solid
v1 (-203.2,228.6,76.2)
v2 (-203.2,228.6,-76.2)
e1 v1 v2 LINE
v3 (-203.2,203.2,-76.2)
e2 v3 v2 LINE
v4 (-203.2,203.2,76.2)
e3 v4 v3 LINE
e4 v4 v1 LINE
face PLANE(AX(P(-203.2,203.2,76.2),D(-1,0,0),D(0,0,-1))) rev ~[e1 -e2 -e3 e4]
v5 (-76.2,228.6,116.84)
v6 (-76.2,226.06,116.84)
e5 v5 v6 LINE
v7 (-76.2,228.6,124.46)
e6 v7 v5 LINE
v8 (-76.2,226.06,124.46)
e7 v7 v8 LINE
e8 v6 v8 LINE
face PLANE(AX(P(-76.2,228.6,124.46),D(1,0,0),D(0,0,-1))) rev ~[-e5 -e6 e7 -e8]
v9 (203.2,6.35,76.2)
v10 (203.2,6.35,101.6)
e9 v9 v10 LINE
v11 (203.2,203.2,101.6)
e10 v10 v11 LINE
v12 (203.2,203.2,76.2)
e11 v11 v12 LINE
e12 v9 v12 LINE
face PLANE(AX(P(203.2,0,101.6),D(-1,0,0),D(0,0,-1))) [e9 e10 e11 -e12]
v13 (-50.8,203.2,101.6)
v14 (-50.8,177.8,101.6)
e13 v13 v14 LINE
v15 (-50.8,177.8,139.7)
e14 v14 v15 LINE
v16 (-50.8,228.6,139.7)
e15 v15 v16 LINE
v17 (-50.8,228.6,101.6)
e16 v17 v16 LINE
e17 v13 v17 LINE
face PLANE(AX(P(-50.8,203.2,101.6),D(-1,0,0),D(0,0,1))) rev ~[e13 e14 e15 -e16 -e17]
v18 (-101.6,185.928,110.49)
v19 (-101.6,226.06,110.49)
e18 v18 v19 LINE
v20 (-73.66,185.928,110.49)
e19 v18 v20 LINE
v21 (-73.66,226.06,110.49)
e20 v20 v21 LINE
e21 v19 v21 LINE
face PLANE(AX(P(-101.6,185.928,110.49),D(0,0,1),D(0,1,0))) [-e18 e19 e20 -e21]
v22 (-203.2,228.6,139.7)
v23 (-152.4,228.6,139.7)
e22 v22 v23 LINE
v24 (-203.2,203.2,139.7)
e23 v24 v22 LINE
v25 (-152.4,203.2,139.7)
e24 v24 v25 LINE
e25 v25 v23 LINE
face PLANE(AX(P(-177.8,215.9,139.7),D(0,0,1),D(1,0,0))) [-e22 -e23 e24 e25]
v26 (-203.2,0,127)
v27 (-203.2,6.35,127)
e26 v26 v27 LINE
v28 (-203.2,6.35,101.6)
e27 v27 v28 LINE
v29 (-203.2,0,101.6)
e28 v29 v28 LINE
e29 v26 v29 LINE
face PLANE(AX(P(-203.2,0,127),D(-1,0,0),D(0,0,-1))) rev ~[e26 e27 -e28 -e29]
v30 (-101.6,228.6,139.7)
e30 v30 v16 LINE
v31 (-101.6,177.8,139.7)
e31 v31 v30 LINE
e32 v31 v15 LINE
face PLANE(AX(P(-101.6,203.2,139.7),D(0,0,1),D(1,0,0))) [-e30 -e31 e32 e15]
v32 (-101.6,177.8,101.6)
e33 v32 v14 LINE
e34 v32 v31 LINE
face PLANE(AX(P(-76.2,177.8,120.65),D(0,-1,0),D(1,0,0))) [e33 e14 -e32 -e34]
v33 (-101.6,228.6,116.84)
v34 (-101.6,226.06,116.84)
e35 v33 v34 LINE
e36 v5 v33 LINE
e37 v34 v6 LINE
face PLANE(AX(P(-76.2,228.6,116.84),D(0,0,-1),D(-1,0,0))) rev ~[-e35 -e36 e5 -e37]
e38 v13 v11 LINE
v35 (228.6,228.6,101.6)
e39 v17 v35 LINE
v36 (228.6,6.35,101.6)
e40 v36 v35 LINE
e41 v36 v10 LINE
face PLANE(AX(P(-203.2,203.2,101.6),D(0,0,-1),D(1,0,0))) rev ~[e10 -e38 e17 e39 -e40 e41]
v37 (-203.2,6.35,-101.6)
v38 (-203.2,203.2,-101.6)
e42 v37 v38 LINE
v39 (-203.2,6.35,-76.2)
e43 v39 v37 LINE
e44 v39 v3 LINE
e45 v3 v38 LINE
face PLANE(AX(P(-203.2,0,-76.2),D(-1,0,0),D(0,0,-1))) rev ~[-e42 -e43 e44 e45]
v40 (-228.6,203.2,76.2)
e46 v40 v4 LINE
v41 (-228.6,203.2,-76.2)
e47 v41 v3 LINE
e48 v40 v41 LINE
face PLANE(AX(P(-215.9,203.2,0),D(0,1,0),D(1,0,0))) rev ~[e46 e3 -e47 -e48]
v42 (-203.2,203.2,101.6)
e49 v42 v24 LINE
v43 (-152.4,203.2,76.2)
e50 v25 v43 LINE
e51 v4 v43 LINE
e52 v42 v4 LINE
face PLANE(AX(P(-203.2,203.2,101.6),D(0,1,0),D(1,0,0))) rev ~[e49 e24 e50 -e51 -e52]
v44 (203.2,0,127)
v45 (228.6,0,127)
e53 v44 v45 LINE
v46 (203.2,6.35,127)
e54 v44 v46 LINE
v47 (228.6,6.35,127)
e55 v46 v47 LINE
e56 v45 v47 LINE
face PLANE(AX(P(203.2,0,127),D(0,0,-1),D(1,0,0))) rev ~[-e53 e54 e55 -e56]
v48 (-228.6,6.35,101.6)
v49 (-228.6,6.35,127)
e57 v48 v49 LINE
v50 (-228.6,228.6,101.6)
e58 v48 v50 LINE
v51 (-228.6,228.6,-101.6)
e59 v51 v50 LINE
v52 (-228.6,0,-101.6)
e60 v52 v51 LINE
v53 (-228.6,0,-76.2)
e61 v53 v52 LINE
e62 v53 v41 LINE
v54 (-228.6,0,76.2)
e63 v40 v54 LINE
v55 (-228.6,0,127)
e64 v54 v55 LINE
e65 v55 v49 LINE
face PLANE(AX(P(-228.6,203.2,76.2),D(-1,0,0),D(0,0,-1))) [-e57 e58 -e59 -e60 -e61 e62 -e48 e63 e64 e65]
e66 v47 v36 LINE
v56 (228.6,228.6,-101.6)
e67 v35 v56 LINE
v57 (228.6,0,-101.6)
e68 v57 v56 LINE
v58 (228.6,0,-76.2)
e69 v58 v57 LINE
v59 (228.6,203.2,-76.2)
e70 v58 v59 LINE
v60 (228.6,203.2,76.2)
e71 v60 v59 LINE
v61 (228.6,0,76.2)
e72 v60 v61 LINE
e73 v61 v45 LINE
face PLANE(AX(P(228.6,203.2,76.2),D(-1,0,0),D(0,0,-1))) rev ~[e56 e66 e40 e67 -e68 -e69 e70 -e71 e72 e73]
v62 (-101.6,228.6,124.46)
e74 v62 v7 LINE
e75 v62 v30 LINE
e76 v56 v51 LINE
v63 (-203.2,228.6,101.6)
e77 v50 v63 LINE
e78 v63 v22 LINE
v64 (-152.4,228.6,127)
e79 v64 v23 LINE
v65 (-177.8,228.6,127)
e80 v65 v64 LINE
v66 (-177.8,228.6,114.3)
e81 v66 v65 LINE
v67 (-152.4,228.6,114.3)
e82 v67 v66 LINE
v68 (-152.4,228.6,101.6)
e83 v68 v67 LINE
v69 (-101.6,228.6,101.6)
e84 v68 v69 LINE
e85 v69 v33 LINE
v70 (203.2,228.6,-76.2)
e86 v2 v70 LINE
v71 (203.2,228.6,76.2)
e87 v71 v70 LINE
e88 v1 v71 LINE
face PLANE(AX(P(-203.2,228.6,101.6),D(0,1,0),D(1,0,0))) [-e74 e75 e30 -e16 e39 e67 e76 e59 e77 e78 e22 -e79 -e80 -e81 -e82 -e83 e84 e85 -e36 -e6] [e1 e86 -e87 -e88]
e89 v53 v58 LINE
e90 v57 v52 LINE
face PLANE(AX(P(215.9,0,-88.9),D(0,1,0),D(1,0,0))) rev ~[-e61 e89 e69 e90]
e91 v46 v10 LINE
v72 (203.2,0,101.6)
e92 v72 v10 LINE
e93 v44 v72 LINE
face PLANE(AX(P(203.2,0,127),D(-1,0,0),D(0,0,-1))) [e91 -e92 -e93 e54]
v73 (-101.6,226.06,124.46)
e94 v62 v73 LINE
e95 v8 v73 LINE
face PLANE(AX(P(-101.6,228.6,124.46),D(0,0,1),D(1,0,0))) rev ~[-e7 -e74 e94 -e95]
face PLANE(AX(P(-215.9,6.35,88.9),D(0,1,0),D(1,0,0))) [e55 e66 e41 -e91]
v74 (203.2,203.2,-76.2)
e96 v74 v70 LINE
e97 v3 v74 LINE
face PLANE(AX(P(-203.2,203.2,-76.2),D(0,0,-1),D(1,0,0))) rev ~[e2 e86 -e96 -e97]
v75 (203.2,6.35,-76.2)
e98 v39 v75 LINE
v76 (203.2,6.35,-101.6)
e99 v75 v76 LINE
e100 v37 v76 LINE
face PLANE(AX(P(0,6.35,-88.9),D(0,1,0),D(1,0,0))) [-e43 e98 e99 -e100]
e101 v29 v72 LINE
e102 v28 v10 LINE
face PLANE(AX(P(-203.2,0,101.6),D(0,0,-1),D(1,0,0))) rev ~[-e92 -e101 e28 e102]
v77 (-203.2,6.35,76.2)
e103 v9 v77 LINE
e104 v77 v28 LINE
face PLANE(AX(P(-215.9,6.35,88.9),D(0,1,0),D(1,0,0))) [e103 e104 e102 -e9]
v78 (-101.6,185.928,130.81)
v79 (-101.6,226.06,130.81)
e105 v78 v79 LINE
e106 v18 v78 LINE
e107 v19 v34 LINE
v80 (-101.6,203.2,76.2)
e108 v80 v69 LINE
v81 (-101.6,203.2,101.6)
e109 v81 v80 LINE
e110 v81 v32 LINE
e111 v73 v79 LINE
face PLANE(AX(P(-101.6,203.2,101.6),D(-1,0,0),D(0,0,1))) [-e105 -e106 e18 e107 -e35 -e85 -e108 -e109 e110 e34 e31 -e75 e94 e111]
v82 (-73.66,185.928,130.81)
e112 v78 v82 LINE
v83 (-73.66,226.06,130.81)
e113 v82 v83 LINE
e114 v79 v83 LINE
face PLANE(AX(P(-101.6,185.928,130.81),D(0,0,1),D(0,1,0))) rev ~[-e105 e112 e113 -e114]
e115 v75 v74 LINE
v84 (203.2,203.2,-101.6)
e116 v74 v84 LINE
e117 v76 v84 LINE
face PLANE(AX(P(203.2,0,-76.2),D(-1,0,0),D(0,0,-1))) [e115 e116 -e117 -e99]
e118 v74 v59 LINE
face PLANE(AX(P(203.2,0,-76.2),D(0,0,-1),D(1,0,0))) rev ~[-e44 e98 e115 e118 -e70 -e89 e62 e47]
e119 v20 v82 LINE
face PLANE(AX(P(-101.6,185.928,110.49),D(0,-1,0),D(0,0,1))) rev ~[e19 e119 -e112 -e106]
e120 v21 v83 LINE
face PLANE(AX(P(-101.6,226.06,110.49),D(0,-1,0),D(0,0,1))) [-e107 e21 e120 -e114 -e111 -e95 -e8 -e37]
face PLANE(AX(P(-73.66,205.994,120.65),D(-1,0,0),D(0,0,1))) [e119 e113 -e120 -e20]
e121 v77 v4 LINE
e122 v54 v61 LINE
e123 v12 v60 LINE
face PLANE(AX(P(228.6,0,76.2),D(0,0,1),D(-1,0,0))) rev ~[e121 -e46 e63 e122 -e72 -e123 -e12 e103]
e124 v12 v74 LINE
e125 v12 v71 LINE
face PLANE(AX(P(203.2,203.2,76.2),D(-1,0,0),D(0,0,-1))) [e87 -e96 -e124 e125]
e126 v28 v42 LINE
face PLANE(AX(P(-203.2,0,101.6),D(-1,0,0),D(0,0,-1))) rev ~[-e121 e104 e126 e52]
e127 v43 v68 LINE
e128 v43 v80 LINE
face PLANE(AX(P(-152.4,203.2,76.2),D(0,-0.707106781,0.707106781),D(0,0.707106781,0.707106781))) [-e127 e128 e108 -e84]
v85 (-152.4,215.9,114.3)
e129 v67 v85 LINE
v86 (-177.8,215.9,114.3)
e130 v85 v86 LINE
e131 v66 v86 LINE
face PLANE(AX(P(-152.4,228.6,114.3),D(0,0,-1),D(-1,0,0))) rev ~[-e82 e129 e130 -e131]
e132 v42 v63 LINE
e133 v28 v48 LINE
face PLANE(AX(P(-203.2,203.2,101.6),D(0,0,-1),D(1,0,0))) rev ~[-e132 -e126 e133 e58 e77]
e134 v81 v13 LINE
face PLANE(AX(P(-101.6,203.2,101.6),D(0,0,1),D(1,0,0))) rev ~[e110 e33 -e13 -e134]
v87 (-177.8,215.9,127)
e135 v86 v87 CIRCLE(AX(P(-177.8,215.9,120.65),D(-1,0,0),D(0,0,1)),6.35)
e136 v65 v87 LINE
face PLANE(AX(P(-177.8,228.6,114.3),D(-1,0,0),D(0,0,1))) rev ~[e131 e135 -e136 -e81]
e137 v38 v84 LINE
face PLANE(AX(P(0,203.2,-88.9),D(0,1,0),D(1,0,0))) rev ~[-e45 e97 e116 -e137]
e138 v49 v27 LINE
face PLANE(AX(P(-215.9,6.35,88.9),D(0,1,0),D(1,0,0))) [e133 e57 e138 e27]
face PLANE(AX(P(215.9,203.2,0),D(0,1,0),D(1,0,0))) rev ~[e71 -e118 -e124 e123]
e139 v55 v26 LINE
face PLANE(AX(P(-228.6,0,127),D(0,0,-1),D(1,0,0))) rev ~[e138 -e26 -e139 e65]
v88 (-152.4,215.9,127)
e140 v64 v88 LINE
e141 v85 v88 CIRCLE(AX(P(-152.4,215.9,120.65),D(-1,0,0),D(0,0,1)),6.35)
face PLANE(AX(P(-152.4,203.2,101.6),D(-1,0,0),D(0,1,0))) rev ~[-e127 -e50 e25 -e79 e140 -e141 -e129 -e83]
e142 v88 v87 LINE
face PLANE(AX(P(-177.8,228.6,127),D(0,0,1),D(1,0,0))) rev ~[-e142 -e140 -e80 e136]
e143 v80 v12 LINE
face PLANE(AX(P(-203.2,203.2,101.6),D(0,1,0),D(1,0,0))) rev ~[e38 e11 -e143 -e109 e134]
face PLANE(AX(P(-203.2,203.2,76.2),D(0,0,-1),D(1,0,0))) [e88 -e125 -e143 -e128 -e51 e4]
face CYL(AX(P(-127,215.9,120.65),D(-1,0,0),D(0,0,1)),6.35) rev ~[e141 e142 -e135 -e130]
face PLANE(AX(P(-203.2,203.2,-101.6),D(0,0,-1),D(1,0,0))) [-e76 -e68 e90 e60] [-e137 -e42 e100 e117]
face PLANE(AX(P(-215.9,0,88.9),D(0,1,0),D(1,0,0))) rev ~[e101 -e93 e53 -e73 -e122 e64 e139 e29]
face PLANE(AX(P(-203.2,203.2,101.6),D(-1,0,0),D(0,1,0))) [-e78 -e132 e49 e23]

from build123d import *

# Parameters (mm, degrees)
SKETCH1_W                      = 25.4
SKETCH1_H                      = 25.4
SKETCH1_W_2                    = 406.4
BOSS_EXTRUDE1_DEPTH            = 6.35
SKETCH1_4_W                    = 25.4
SKETCH1_4_H                    = 25.4
BOSS_EXTRUDE2_DEPTH            = 228.6
BOSS_EXTRUDE3_START            = 203.2
SKETCH1_5_W                    = 406.4
SKETCH1_5_H                    = 25.4
SKETCH1_5_W_2                  = 25.4
SKETCH1_5_H_2                  = 152.4
BOSS_EXTRUDE3_DEPTH            = 25.4
SKETCH2_W                      = 50.8
SKETCH2_H                      = 25.4
BOSS_EXTRUDE4_DEPTH            = 38.1
F_1_2_0_5_DIAMETER_HOLE1_D     = 12.7
F_1_2_0_5_DIAMETER_HOLE1_DEPTH = 25.4
SKETCH5_W                      = 50.8
SKETCH5_H                      = 38.1
BOSS_EXTRUDE5_DEPTH            = 25.4
SKETCH6_W                      = 20.32
SKETCH6_H                      = 40.132
CUT_EXTRUDE1_DEPTH             = 27.94
CUT_EXTRUDE2_DEPTH             = 12.7
CUT_EXTRUDE3_DEPTH             = 12.7
CUT_EXTRUDE4_START             = -76.2
CUT_EXTRUDE4_DEPTH             = 50.8


with BuildPart() as part:
    # Sketch1 → Boss-Extrude1 (new body)
    with BuildSketch(Plane(origin=(0, 0, 0), x_dir=(1, 0, 0), z_dir=(0, 1, 0))):
        with Locations((-215.9, -88.9)):
            Rectangle(SKETCH1_W, SKETCH1_H)
        with Locations((-215.9, -114.3)):
            Rectangle(SKETCH1_W, SKETCH1_H)
        with Locations((0, -88.9)):
            Rectangle(SKETCH1_W_2, SKETCH1_H)
        with Locations((215.9, -88.9)):
            Rectangle(SKETCH1_W, SKETCH1_H)
        with Locations((215.9, -114.3)):
            Rectangle(SKETCH1_W, SKETCH1_H)
        with Locations((0, 88.9)):
            Rectangle(SKETCH1_W_2, SKETCH1_H)
    extrude(amount=BOSS_EXTRUDE1_DEPTH)

    # Sketch1<4> → Boss-Extrude2 (add)
    with BuildSketch(Plane(origin=(0, 0, 0), x_dir=(1, 0, 0), z_dir=(0, 1, 0))):
        with Locations((-215.9, -88.9)):
            Rectangle(SKETCH1_4_W, SKETCH1_4_H)
        with Locations((215.9, -88.9)):
            Rectangle(SKETCH1_4_W, SKETCH1_4_H)
        with Locations((215.9, 88.9)):
            Rectangle(SKETCH1_4_W, SKETCH1_4_H)
        with Locations((-215.9, 88.9)):
            Rectangle(SKETCH1_4_W, SKETCH1_4_H)
    extrude(amount=BOSS_EXTRUDE2_DEPTH)

    # Sketch1<5> → Boss-Extrude3 (add)
    with BuildSketch(Plane(origin=(0, 0, 0), x_dir=(1, 0, 0), z_dir=(0, 1, 0)).offset(BOSS_EXTRUDE3_START)):
        with Locations((0, 88.9)):
            Rectangle(SKETCH1_5_W, SKETCH1_5_H)
        with Locations((0, -88.9)):
            Rectangle(SKETCH1_5_W, SKETCH1_5_H)
        with Locations((-215.9, 0)):
            Rectangle(SKETCH1_5_W_2, SKETCH1_5_H_2)
        with Locations((215.9, 0)):
            Rectangle(SKETCH1_5_W_2, SKETCH1_5_H_2)
    extrude(amount=BOSS_EXTRUDE3_DEPTH)

    # Sketch2 → Boss-Extrude4 (add)
    with BuildSketch(Plane.XY.offset(101.6)):
        with Locations((-177.8, 215.9)):
            Rectangle(SKETCH2_W, SKETCH2_H)
        with Locations((-76.2, 215.9)):
            Rectangle(SKETCH2_W, SKETCH2_H)
    extrude(amount=BOSS_EXTRUDE4_DEPTH)

    # 1/2 (0.5) Diameter Hole1
    with Locations(Plane(origin=(-152.4, 0, 0), x_dir=(0, 0, -1), z_dir=(1, 0, 0))):
        with Locations((-120.65, 215.9)):
            Hole(F_1_2_0_5_DIAMETER_HOLE1_D / 2, depth=F_1_2_0_5_DIAMETER_HOLE1_DEPTH)

    # Sketch5 → Boss-Extrude5 (add)
    with BuildSketch(Plane.XZ.offset(-203.2)):
        with Locations((-76.2, 120.65)):
            Rectangle(SKETCH5_W, SKETCH5_H)
    extrude(amount=BOSS_EXTRUDE5_DEPTH)

    # Sketch6 → Cut-Extrude1 (cut)
    with BuildSketch(Plane.ZY.offset(101.6)):
        with Locations((120.65, 205.994)):
            Rectangle(SKETCH6_W, SKETCH6_H)
    extrude(amount=-CUT_EXTRUDE1_DEPTH, mode=Mode.SUBTRACT)

    # Sketch7 → Cut-Extrude2 (cut)
    with BuildSketch(Plane(origin=(0, 228.6, 0), x_dir=(1, 0, 0), z_dir=(0, 1, 0))):
        Polygon((-152.4, -127), (-152.4, -114.3), (-177.8, -114.3), (-177.8, -120.65), (-177.8, -127), align=None)
    extrude(amount=-CUT_EXTRUDE2_DEPTH, mode=Mode.SUBTRACT)

    # Sketch8 → Cut-Extrude3 (cut)
    with BuildSketch(Plane(origin=(0, 228.6, 0), x_dir=(1, 0, 0), z_dir=(0, 1, 0))):
        Polygon((-101.6, -124.46), (-76.2, -124.46), (-76.2, -120.65), (-76.2, -116.84), (-101.6, -116.84), (-101.6, -120.65), align=None)
    extrude(amount=-CUT_EXTRUDE3_DEPTH, mode=Mode.SUBTRACT)

    # Sketch9 → Cut-Extrude4 (cut)
    with BuildSketch(Plane.ZY.offset(228.6).offset(CUT_EXTRUDE4_START)):
        Polygon((76.2, 203.2), (101.6, 228.6), (101.6, 203.2), align=None)
    extrude(amount=-CUT_EXTRUDE4_DEPTH, mode=Mode.SUBTRACT)


solid = part.part
